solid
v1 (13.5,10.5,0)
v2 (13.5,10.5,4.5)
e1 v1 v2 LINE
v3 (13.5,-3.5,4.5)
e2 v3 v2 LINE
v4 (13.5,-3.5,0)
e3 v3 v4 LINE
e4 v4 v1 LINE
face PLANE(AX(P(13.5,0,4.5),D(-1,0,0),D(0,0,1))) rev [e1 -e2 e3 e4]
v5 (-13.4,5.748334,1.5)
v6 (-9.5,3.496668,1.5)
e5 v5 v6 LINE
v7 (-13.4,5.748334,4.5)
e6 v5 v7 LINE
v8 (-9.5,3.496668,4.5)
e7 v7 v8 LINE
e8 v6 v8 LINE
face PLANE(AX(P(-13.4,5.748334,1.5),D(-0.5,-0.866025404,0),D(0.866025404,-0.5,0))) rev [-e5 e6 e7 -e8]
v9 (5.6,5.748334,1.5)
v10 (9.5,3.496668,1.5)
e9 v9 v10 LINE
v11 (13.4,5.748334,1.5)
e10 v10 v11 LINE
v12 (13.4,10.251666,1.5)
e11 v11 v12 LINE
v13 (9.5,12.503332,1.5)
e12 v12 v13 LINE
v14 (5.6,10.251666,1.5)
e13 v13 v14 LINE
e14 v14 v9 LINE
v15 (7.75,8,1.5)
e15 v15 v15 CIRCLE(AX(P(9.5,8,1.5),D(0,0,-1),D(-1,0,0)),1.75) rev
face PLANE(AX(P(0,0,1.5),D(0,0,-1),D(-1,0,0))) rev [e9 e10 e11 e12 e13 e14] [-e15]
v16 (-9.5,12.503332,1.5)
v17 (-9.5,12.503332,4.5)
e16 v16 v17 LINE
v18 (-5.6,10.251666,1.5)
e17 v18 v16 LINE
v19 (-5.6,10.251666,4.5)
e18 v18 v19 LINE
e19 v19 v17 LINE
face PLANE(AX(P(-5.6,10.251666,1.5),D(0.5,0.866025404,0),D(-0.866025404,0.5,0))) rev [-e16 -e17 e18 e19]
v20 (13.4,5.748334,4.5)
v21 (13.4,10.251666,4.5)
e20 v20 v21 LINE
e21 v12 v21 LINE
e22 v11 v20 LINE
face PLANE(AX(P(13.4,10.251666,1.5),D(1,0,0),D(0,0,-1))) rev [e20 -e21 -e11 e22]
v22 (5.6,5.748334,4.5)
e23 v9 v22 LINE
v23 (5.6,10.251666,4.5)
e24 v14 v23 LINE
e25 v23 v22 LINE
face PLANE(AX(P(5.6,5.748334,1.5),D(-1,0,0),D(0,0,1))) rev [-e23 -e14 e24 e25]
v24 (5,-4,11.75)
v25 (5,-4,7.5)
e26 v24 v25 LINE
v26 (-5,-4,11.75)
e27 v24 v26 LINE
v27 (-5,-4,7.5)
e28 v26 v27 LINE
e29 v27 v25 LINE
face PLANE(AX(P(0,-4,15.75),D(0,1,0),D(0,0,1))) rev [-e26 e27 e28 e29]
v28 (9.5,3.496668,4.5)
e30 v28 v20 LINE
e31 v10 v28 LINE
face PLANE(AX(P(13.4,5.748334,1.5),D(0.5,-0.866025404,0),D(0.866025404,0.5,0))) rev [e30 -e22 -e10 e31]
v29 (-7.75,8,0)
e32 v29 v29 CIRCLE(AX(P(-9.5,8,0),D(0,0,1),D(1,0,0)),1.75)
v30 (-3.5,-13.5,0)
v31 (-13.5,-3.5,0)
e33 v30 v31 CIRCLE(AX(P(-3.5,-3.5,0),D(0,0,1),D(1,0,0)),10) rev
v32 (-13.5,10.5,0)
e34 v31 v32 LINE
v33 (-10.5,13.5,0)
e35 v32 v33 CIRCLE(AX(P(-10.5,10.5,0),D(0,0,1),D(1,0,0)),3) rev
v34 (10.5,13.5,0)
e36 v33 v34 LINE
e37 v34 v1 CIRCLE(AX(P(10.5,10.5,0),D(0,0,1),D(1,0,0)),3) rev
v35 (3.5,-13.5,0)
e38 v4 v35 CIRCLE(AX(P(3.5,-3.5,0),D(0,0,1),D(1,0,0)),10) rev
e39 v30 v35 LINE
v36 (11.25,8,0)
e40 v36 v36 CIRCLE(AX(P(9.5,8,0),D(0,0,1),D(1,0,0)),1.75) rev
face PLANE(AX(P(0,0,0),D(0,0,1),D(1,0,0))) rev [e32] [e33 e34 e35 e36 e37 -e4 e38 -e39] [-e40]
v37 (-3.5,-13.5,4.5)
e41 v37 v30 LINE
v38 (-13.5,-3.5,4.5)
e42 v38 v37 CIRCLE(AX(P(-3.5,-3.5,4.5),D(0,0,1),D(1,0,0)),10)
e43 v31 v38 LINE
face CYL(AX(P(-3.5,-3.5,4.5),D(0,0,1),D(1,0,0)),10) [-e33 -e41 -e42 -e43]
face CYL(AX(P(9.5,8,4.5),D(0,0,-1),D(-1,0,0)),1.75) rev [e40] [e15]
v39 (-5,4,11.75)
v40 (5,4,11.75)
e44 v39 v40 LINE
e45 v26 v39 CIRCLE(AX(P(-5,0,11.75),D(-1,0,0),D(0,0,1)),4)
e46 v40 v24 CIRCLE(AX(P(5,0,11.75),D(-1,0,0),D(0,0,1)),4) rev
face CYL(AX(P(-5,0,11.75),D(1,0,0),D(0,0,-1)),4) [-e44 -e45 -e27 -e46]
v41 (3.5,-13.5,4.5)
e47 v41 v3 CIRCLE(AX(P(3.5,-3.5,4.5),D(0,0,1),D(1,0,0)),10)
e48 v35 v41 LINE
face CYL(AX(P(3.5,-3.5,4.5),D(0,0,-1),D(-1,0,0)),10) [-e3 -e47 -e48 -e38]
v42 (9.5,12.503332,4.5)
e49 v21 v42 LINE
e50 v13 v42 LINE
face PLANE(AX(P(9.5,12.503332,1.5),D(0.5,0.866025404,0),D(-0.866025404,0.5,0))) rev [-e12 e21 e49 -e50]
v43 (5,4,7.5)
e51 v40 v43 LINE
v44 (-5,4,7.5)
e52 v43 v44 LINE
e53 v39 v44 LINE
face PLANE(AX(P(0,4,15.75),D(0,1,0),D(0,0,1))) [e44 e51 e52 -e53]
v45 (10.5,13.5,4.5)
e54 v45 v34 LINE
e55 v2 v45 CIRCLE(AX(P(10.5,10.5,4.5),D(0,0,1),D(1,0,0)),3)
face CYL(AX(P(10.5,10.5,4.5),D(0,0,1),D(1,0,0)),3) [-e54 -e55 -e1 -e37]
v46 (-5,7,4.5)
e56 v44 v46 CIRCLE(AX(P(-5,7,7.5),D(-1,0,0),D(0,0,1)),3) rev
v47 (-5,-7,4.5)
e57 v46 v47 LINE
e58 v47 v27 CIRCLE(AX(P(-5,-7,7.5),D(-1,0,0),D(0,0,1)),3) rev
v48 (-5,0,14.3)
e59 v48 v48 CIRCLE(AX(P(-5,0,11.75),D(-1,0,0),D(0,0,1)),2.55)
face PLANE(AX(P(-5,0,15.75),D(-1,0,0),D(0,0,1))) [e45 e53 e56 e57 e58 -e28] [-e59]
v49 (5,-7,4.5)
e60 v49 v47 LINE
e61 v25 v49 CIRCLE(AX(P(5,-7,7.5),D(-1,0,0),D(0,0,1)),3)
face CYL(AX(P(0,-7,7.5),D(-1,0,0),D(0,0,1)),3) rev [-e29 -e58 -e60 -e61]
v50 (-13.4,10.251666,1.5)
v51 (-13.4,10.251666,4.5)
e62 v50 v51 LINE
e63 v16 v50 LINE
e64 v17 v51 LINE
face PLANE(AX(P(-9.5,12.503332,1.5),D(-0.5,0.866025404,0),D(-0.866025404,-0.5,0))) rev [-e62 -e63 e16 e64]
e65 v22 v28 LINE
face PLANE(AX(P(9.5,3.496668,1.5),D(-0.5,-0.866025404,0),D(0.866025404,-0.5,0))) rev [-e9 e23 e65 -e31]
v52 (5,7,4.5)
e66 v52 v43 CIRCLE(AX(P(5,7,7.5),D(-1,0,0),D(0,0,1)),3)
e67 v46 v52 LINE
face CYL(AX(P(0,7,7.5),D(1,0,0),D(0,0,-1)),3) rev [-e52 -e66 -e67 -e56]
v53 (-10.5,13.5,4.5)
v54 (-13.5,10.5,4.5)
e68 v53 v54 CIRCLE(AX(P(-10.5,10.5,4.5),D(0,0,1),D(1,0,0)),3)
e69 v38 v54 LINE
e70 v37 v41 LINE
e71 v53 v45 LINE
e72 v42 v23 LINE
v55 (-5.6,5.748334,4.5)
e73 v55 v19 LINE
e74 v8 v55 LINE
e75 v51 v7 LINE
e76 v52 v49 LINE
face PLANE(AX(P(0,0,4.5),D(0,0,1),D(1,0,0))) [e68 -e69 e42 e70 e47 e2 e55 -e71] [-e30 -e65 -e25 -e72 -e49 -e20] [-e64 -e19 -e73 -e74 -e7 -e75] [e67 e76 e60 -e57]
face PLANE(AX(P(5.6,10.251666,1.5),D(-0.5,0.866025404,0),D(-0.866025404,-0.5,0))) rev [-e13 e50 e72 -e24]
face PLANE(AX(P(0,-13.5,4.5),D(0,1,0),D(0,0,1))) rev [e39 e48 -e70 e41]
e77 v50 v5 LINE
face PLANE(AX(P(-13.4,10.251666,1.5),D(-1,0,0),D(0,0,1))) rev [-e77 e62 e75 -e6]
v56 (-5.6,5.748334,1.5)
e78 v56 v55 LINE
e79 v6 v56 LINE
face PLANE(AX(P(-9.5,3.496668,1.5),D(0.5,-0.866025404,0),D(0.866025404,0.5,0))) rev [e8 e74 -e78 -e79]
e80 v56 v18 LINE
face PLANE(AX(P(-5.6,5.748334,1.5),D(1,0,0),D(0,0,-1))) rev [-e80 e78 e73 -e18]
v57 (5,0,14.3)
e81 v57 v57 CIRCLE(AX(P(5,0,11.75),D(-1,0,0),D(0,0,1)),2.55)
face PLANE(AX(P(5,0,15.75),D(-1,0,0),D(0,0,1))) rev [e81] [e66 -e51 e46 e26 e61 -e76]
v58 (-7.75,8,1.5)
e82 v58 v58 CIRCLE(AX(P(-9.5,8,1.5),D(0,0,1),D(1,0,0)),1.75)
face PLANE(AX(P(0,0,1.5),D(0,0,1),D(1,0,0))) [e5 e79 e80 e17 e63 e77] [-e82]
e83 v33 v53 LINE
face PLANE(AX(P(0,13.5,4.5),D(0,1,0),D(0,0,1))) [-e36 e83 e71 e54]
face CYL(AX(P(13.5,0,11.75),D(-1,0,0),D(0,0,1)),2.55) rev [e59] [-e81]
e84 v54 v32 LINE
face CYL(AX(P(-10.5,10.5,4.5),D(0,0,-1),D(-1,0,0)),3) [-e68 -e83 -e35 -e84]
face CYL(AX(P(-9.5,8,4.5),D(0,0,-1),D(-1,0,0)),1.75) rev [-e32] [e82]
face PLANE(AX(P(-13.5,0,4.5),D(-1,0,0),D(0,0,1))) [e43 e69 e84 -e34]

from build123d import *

# Parameters (mm, degrees)
SKETCH1_W           = 27
SKETCH1_H           = 27
SKETCH1_R           = 1.75
BOSS_EXTRUDE1_DEPTH = 4.5
SKETCH1_3_W         = 10
SKETCH1_3_H         = 8
BOSS_EXTRUDE2_DEPTH = 15.75
FILLET1_R           = 10
SKETCH2_R           = 2.55
CUT_EXTRUDE1_DEPTH  = 28.795008545
FILLET2_RADIUS      = 4
FILLET2_LENGTH      = 10
FILLET3_R           = 3
CUT_EXTRUDE2_DEPTH  = 3
FILLET6_R           = 3


with BuildPart() as part:
    # Sketch1 → Boss-Extrude1 (new body)
    with BuildSketch(Plane.XY):
        Rectangle(SKETCH1_W, SKETCH1_H)
        with Locations((-9.5, 8)):
            Circle(SKETCH1_R, mode=Mode.SUBTRACT)
        with Locations((9.5, 8)):
            Circle(SKETCH1_R, mode=Mode.SUBTRACT)
    extrude(amount=BOSS_EXTRUDE1_DEPTH)

    # Sketch1<3> → Boss-Extrude2 (add)
    with BuildSketch(Plane.XY):
        Rectangle(SKETCH1_3_W, SKETCH1_3_H)
    extrude(amount=BOSS_EXTRUDE2_DEPTH)

    # Fillet1
    fillet1_edges = [part.edges().sort_by_distance(p)[0] for p in [
        (-13.5, -13.5, 2.25),
        (13.5, -13.5, 2.25),
    ]]
    fillet(fillet1_edges, radius=FILLET1_R)

    # Sketch2 → Cut-Extrude1 (cut, through all)
    with BuildSketch(Plane.ZY.offset(5)):
        with Locations((11.75, 0)):
            Circle(SKETCH2_R)
    extrude(amount=-CUT_EXTRUDE1_DEPTH, mode=Mode.SUBTRACT)

    # Fillet2: full round fillet: the end face becomes a half cylinder, R = half its width
    fillet2_face = Plane((0, 0, 15.75), x_dir=(-1, 0, 0), z_dir=(0, 0, 1))  # on the end face: x along it, z out of the body
    fillet2_slab = fillet2_face.offset(-FILLET2_RADIUS / 2) * Box(FILLET2_LENGTH, 2 * FILLET2_RADIUS, FILLET2_RADIUS, mode=Mode.PRIVATE)  # the body's end, R deep
    fillet2_round = Plane((0, 0, 11.75), x_dir=(0, 0, 1), z_dir=(-1, 0, 0)) * Cylinder(FILLET2_RADIUS, FILLET2_LENGTH, mode=Mode.PRIVATE)  # its axis R under the face
    add(fillet2_slab - fillet2_round, mode=Mode.SUBTRACT)

    # Fillet3
    fillet3_edges = [part.edges().sort_by_distance(p)[0] for p in [
        (0, -4, 4.5),
        (0, 4, 4.5),
    ]]
    fillet(fillet3_edges, radius=FILLET3_R)

    # Sketch3 → Cut-Extrude2 (cut)
    with BuildSketch(Plane.XY.offset(4.5)):
        Polygon((-9.5, 12.5033321), (-13.4, 10.25166605), (-13.4, 5.74833395), (-9.5, 3.4966679), (-5.6, 5.74833395), (-5.6, 10.25166605), align=None)
        Polygon((5.6, 10.25166605), (9.5, 12.5033321), (13.4, 10.25166605), (13.4, 5.74833395), (9.5, 3.4966679), (5.6, 5.74833395), align=None)
    extrude(amount=-CUT_EXTRUDE2_DEPTH, mode=Mode.SUBTRACT)

    # Fillet6
    fillet6_edges = [part.edges().sort_by_distance(p)[0] for p in [
        (-13.5, 13.5, 2.25),
        (13.5, 13.5, 2.25),
    ]]
    fillet(fillet6_edges, radius=FILLET6_R)


solid = part.part
